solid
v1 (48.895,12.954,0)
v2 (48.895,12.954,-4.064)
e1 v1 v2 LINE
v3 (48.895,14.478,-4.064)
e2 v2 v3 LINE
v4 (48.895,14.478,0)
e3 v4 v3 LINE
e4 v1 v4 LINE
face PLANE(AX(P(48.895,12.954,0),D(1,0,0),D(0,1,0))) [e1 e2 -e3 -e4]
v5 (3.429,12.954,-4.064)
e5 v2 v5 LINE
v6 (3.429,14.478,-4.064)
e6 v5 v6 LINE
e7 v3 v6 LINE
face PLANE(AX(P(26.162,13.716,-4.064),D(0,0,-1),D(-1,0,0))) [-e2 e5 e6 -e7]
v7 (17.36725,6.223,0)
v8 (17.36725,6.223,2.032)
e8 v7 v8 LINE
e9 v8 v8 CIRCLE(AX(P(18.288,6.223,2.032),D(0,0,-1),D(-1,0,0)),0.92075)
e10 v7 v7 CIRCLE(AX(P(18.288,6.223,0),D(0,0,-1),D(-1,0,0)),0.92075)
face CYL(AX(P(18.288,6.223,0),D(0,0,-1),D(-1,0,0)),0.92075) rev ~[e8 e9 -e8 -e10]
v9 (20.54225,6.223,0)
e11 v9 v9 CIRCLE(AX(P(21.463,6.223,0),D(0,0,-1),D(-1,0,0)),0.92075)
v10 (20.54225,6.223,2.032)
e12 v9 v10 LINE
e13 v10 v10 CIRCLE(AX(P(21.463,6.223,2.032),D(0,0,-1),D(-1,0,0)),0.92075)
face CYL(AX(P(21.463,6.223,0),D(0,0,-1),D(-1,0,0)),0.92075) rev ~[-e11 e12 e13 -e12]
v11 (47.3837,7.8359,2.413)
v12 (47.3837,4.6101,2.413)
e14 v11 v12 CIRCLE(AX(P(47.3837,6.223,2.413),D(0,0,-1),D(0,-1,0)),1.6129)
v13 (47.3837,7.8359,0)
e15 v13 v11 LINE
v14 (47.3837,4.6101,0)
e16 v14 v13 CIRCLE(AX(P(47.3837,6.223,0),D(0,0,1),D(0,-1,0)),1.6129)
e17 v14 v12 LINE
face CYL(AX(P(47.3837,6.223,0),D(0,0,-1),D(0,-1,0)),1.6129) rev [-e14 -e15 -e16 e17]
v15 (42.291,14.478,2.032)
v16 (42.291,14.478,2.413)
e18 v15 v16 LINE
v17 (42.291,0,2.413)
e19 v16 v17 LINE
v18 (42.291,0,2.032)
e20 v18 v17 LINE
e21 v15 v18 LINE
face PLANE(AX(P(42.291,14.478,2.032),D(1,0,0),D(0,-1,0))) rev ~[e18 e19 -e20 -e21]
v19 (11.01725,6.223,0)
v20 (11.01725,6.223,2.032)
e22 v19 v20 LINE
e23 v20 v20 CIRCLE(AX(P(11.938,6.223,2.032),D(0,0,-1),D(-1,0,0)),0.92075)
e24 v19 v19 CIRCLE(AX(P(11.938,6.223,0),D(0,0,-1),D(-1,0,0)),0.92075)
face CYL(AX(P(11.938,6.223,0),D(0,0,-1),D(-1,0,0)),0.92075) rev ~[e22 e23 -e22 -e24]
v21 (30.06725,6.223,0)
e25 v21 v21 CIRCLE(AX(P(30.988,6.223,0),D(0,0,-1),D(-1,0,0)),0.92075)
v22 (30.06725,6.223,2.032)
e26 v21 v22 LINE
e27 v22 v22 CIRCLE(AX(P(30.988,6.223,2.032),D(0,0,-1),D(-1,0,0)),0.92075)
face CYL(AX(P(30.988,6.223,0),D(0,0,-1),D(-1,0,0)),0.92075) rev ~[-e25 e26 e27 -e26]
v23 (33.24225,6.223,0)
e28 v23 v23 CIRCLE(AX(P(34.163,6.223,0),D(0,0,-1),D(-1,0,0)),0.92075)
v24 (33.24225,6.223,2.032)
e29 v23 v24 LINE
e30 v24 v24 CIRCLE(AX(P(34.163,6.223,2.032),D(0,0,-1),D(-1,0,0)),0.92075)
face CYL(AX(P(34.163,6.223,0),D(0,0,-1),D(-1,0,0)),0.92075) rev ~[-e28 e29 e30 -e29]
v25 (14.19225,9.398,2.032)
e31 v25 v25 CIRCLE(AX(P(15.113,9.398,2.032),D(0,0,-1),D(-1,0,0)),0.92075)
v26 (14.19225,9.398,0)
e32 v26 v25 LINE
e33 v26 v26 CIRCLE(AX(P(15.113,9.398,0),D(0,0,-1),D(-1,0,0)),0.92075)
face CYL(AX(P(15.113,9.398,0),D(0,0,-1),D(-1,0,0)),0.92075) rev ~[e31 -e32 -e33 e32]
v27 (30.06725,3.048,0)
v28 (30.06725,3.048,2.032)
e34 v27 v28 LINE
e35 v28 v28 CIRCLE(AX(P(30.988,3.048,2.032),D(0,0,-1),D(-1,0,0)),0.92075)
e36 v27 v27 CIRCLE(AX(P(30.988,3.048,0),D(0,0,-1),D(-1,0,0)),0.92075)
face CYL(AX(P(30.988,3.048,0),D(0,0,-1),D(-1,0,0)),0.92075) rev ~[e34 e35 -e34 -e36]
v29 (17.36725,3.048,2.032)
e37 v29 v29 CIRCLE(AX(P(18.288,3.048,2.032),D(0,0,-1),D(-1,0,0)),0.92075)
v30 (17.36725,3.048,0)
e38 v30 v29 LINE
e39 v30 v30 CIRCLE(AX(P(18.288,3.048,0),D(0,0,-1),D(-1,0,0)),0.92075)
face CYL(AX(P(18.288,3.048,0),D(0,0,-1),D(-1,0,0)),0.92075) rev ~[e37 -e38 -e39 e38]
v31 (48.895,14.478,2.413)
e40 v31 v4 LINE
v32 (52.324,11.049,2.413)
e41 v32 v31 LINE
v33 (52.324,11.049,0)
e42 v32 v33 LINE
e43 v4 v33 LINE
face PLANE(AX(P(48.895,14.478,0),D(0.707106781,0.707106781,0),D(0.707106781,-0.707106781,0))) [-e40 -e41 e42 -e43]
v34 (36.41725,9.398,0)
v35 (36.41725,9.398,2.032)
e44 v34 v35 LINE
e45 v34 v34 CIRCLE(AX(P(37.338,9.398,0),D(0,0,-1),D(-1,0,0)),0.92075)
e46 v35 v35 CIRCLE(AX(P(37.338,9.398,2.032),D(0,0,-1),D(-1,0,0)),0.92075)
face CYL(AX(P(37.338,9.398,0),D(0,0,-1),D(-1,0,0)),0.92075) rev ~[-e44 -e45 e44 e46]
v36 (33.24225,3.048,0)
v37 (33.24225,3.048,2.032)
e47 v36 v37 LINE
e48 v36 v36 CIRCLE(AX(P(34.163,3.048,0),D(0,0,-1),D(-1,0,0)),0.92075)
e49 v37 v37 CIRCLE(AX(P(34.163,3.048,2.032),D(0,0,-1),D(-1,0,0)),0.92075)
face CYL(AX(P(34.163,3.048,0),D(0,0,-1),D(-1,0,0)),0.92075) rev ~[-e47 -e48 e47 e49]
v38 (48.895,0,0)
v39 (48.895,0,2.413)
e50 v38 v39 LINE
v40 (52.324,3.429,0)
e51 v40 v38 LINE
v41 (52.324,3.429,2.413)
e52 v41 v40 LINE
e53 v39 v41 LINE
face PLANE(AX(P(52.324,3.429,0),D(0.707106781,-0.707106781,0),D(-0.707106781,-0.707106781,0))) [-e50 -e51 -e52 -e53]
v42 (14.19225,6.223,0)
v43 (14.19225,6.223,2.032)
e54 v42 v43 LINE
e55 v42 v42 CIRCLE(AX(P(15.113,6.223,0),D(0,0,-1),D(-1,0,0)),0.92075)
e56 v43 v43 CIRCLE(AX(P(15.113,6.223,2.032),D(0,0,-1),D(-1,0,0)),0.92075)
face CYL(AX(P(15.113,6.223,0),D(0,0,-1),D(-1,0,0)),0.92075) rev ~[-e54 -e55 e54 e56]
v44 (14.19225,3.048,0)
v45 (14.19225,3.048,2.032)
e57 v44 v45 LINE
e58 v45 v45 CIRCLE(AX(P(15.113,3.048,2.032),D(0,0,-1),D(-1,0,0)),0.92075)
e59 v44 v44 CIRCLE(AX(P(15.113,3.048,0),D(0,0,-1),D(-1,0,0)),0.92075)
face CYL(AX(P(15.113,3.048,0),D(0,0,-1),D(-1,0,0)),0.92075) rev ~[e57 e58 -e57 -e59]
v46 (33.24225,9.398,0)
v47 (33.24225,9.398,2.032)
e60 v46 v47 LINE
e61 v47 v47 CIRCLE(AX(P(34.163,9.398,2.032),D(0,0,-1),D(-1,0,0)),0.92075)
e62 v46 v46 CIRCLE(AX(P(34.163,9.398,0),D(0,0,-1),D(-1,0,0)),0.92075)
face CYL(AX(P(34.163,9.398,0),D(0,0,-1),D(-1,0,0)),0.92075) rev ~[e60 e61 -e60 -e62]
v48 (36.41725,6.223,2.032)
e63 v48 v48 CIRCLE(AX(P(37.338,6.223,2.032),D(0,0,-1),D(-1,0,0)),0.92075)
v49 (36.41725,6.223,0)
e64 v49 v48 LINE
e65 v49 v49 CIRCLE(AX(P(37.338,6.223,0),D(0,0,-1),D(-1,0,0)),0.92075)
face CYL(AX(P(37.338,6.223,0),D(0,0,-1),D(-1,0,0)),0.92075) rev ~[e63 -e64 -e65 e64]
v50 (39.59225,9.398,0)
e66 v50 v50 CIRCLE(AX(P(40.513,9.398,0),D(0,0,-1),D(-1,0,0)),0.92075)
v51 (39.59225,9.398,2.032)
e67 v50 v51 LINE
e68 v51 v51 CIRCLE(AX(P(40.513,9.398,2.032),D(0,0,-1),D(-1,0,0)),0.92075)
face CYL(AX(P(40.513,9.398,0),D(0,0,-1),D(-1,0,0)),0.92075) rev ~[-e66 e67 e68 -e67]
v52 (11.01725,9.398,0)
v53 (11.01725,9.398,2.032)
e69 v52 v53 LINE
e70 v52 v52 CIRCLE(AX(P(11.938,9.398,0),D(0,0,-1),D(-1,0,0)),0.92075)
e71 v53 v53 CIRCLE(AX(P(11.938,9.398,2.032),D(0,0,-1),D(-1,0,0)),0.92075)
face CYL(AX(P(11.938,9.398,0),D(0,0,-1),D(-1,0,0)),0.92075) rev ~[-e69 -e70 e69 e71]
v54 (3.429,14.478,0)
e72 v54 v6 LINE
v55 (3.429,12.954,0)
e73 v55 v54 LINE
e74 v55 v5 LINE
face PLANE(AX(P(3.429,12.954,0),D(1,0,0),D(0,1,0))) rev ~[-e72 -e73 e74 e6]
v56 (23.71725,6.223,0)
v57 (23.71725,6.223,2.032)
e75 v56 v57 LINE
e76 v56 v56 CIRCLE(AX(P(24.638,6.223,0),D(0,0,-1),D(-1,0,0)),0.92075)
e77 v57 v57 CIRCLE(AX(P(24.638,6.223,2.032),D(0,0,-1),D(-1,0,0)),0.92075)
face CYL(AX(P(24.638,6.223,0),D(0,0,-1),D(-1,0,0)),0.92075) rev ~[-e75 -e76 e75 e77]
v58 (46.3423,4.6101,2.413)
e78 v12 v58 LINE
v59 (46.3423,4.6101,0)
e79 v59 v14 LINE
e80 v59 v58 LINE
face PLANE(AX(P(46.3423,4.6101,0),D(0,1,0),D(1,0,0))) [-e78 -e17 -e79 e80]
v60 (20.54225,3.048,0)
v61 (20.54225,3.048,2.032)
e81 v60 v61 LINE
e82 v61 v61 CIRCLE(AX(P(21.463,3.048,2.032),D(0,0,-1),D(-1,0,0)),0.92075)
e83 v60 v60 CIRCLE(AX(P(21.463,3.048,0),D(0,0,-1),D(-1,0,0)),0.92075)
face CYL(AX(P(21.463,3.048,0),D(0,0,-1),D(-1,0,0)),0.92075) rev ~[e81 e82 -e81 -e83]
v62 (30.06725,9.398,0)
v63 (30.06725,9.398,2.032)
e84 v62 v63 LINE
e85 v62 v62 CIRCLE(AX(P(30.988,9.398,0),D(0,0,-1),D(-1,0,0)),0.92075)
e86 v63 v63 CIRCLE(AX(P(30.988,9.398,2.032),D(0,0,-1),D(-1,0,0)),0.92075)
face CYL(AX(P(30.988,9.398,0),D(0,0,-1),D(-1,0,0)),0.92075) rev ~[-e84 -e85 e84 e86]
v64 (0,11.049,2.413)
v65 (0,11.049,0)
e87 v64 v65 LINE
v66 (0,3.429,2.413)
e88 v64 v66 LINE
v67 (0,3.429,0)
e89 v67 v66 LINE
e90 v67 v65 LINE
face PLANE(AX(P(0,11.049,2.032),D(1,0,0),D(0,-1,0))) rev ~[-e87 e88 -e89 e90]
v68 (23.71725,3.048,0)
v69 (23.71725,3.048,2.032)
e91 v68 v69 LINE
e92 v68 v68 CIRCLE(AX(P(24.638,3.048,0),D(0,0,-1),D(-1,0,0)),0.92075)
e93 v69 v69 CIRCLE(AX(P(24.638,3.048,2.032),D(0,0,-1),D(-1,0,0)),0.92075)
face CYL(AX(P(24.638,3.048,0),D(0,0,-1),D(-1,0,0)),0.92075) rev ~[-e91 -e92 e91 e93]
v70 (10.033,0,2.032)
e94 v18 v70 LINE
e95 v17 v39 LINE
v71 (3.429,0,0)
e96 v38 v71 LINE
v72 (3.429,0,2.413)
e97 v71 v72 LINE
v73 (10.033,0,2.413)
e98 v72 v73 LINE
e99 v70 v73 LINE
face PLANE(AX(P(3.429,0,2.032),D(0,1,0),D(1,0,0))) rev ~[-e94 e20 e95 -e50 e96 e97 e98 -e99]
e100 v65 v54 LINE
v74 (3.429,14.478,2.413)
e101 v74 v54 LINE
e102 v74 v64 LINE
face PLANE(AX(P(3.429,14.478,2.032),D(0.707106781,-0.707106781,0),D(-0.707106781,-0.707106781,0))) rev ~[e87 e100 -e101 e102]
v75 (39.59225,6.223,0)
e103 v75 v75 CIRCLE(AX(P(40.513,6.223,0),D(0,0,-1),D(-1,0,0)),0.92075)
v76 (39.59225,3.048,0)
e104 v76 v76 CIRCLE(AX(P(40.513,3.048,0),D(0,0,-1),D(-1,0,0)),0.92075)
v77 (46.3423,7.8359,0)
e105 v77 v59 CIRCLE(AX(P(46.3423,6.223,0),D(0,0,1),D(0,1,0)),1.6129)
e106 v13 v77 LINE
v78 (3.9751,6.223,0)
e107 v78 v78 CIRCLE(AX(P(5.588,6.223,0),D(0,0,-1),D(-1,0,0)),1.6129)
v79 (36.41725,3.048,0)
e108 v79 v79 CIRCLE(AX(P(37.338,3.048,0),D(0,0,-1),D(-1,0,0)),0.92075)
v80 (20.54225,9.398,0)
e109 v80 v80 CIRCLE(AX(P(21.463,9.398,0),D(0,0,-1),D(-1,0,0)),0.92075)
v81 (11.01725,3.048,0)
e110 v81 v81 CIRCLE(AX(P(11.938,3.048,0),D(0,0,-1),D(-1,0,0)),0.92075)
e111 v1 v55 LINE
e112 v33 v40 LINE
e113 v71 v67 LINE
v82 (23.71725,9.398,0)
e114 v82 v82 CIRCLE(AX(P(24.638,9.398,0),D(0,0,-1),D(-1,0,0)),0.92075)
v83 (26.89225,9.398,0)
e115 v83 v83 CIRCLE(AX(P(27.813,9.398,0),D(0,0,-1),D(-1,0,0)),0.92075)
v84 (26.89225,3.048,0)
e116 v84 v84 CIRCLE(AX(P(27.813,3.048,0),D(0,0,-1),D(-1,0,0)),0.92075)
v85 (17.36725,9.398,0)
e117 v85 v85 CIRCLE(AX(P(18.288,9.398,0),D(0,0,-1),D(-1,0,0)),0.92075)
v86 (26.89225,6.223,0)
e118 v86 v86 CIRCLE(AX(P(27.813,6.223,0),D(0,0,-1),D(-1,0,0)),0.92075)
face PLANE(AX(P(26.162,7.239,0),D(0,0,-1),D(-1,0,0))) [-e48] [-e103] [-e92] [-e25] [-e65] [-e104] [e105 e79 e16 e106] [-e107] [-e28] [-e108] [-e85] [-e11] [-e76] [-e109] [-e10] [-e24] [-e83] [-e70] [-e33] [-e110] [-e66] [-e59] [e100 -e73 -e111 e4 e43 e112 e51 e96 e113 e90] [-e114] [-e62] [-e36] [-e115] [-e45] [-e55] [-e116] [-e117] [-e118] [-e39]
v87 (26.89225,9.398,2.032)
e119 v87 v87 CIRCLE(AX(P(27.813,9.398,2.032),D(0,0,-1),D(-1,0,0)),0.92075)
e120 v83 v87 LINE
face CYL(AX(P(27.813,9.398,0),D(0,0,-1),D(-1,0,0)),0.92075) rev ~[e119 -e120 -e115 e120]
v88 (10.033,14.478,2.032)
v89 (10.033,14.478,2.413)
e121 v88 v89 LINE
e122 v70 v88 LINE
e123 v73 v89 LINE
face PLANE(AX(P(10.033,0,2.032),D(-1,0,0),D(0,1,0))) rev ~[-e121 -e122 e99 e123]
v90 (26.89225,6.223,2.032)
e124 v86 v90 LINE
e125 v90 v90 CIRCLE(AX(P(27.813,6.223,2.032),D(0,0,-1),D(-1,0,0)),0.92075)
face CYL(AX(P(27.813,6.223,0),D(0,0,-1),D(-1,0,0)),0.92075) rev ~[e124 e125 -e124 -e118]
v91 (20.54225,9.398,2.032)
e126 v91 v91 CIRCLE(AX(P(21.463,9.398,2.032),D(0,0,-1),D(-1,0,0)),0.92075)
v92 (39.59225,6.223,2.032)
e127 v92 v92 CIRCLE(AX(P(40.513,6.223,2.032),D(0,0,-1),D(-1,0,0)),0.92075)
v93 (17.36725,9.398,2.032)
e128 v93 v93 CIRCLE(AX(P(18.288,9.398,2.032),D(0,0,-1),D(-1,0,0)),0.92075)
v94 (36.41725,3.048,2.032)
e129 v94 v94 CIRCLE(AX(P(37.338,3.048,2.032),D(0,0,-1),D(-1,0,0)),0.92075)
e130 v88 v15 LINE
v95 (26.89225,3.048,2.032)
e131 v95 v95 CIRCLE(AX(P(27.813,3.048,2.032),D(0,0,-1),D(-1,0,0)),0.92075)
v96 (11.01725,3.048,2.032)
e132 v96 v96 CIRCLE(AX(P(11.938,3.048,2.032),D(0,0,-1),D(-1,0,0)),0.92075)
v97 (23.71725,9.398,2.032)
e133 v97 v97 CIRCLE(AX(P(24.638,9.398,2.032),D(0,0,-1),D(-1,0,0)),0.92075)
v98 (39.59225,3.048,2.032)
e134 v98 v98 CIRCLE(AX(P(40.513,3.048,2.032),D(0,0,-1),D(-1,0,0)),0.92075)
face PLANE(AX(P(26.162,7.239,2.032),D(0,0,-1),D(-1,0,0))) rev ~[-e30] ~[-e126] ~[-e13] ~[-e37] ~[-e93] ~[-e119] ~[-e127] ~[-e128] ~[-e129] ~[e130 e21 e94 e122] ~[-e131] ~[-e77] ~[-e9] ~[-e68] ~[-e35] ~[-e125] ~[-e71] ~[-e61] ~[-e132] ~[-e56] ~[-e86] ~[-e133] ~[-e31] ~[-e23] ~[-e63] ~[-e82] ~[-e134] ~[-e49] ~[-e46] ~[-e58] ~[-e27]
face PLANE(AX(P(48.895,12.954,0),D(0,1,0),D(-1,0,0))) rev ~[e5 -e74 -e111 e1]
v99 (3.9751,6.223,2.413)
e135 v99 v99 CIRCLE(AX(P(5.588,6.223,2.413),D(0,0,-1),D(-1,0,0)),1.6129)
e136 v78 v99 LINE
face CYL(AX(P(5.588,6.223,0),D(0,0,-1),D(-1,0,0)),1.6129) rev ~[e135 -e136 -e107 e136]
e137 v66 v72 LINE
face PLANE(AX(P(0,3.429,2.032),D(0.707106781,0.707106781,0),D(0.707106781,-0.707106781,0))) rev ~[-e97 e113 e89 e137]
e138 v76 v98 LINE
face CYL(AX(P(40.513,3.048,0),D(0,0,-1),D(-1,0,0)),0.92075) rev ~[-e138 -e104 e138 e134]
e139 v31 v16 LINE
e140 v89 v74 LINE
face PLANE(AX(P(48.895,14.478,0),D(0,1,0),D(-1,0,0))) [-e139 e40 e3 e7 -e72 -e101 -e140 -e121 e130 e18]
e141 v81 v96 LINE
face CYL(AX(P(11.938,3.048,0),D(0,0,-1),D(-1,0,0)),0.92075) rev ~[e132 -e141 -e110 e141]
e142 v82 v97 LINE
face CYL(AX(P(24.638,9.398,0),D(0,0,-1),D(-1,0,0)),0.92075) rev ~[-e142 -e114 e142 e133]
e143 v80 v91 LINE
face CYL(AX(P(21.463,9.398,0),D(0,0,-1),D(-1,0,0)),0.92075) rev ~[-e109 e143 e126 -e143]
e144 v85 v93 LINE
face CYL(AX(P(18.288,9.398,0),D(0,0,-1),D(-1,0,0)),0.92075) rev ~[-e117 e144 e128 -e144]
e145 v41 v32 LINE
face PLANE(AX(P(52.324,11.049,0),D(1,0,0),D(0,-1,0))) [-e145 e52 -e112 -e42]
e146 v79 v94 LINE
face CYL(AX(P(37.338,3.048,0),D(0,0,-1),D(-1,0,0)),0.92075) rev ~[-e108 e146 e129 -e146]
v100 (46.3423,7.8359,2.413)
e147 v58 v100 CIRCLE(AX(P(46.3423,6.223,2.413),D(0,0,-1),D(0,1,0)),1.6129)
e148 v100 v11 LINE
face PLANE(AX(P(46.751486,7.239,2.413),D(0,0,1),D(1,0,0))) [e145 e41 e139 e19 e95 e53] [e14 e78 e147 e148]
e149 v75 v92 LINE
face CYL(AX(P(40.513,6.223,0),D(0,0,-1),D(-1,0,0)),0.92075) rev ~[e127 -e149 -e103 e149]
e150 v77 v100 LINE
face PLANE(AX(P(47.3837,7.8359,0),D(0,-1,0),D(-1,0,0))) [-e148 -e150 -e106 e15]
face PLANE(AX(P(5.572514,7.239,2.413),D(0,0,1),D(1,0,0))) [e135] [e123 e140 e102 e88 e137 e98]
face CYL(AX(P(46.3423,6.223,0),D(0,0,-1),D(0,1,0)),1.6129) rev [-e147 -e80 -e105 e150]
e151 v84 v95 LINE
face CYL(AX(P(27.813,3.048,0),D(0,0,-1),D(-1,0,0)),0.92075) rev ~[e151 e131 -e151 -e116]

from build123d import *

# Parameters (mm, degrees)
BOSS_EXTRUDE1_DEPTH = 2.032
BOSS_EXTRUDE2_DEPTH = 0.381
SKETCH3_W           = 45.466
SKETCH3_H           = 1.524
BOSS_EXTRUDE3_DEPTH = 4.064
SKETCH4_R           = 1.6129
SKETCH4_R_2         = 0.92075
CUT_EXTRUDE1_DEPTH  = 55.441983395


with BuildPart() as part:
    # Sketch1 → Boss-Extrude1 (new body)
    with BuildSketch(Plane.XY):
        Polygon((0, 3.429), (0, 11.049), (3.429, 14.478), (48.895, 14.478), (52.324, 11.049), (52.324, 3.429), (48.895, 0), (3.429, 0), align=None)
    extrude(amount=BOSS_EXTRUDE1_DEPTH)

    # Sketch2 → Boss-Extrude2 (add)
    with BuildSketch(Plane.XY.offset(2.032)):
        Polygon((0, 11.049), (0, 3.429), (3.429, 0), (10.033, 0), (10.033, 14.478), (3.429, 14.478), align=None)
        Polygon((42.291, 14.478), (42.291, 0), (48.895, 0), (52.324, 3.429), (52.324, 11.049), (48.895, 14.478), align=None)
    extrude(amount=BOSS_EXTRUDE2_DEPTH)

    # Sketch3 → Boss-Extrude3 (add)
    with BuildSketch(Plane(origin=(0, 0, 0), x_dir=(-1, 0, 0), z_dir=(0, 0, -1))):
        with Locations((-26.162, 13.716)):
            Rectangle(SKETCH3_W, SKETCH3_H)
    extrude(amount=BOSS_EXTRUDE3_DEPTH)

    # Sketch4 → Cut-Extrude1 (cut, through all)
    with BuildSketch(Plane(origin=(0, 0, 0), x_dir=(-1, 0, 0), z_dir=(0, 0, -1))):
        with Locations((-5.588, 6.223)):
            Circle(SKETCH4_R)
        with Locations((-11.938, 3.048)):
            Circle(SKETCH4_R_2)
        with Locations((-15.113, 3.048)):
            Circle(SKETCH4_R_2)
        with Locations((-18.288, 3.048)):
            Circle(SKETCH4_R_2)
        with Locations((-21.463, 3.048)):
            Circle(SKETCH4_R_2)
        with Locations((-24.638, 3.048)):
            Circle(SKETCH4_R_2)
        with Locations((-27.813, 3.048)):
            Circle(SKETCH4_R_2)
        with Locations((-30.988, 3.048)):
            Circle(SKETCH4_R_2)
        with Locations((-34.163, 3.048)):
            Circle(SKETCH4_R_2)
        with Locations((-37.338, 3.048)):
            Circle(SKETCH4_R_2)
        with Locations((-40.513, 3.048)):
            Circle(SKETCH4_R_2)
        with Locations((-15.113, 6.223)):
            Circle(SKETCH4_R_2)
        with Locations((-18.288, 6.223)):
            Circle(SKETCH4_R_2)
        with Locations((-21.463, 6.223)):
            Circle(SKETCH4_R_2)
        with Locations((-24.638, 6.223)):
            Circle(SKETCH4_R_2)
        with Locations((-27.813, 6.223)):
            Circle(SKETCH4_R_2)
        with Locations((-30.988, 6.223)):
            Circle(SKETCH4_R_2)
        with Locations((-34.163, 6.223)):
            Circle(SKETCH4_R_2)
        with Locations((-37.338, 6.223)):
            Circle(SKETCH4_R_2)
        with Locations((-40.513, 6.223)):
            Circle(SKETCH4_R_2)
        with Locations((-15.113, 9.398)):
            Circle(SKETCH4_R_2)
        with Locations((-18.288, 9.398)):
            Circle(SKETCH4_R_2)
        with Locations((-21.463, 9.398)):
            Circle(SKETCH4_R_2)
        with Locations((-24.638, 9.398)):
            Circle(SKETCH4_R_2)
        with Locations((-27.813, 9.398)):
            Circle(SKETCH4_R_2)
        with Locations((-30.988, 9.398)):
            Circle(SKETCH4_R_2)
        with Locations((-34.163, 9.398)):
            Circle(SKETCH4_R_2)
        with Locations((-37.338, 9.398)):
            Circle(SKETCH4_R_2)
        with Locations((-40.513, 9.398)):
            Circle(SKETCH4_R_2)
        with Locations((-11.938, 6.223)):
            Circle(SKETCH4_R_2)
        with Locations((-11.938, 9.398)):
            Circle(SKETCH4_R_2)
        with BuildLine():
            Line((-47.3837, 7.8359), (-46.3423, 7.8359))
            ThreePointArc((-46.3423, 7.8359), (-44.7294, 6.223), (-46.3423, 4.6101))
            Line((-46.3423, 4.6101), (-47.3837, 4.6101))
            ThreePointArc((-47.3837, 4.6101), (-48.9966, 6.223), (-47.3837, 7.8359))
        make_face()
    extrude(amount=-CUT_EXTRUDE1_DEPTH, mode=Mode.SUBTRACT)


solid = part.part
